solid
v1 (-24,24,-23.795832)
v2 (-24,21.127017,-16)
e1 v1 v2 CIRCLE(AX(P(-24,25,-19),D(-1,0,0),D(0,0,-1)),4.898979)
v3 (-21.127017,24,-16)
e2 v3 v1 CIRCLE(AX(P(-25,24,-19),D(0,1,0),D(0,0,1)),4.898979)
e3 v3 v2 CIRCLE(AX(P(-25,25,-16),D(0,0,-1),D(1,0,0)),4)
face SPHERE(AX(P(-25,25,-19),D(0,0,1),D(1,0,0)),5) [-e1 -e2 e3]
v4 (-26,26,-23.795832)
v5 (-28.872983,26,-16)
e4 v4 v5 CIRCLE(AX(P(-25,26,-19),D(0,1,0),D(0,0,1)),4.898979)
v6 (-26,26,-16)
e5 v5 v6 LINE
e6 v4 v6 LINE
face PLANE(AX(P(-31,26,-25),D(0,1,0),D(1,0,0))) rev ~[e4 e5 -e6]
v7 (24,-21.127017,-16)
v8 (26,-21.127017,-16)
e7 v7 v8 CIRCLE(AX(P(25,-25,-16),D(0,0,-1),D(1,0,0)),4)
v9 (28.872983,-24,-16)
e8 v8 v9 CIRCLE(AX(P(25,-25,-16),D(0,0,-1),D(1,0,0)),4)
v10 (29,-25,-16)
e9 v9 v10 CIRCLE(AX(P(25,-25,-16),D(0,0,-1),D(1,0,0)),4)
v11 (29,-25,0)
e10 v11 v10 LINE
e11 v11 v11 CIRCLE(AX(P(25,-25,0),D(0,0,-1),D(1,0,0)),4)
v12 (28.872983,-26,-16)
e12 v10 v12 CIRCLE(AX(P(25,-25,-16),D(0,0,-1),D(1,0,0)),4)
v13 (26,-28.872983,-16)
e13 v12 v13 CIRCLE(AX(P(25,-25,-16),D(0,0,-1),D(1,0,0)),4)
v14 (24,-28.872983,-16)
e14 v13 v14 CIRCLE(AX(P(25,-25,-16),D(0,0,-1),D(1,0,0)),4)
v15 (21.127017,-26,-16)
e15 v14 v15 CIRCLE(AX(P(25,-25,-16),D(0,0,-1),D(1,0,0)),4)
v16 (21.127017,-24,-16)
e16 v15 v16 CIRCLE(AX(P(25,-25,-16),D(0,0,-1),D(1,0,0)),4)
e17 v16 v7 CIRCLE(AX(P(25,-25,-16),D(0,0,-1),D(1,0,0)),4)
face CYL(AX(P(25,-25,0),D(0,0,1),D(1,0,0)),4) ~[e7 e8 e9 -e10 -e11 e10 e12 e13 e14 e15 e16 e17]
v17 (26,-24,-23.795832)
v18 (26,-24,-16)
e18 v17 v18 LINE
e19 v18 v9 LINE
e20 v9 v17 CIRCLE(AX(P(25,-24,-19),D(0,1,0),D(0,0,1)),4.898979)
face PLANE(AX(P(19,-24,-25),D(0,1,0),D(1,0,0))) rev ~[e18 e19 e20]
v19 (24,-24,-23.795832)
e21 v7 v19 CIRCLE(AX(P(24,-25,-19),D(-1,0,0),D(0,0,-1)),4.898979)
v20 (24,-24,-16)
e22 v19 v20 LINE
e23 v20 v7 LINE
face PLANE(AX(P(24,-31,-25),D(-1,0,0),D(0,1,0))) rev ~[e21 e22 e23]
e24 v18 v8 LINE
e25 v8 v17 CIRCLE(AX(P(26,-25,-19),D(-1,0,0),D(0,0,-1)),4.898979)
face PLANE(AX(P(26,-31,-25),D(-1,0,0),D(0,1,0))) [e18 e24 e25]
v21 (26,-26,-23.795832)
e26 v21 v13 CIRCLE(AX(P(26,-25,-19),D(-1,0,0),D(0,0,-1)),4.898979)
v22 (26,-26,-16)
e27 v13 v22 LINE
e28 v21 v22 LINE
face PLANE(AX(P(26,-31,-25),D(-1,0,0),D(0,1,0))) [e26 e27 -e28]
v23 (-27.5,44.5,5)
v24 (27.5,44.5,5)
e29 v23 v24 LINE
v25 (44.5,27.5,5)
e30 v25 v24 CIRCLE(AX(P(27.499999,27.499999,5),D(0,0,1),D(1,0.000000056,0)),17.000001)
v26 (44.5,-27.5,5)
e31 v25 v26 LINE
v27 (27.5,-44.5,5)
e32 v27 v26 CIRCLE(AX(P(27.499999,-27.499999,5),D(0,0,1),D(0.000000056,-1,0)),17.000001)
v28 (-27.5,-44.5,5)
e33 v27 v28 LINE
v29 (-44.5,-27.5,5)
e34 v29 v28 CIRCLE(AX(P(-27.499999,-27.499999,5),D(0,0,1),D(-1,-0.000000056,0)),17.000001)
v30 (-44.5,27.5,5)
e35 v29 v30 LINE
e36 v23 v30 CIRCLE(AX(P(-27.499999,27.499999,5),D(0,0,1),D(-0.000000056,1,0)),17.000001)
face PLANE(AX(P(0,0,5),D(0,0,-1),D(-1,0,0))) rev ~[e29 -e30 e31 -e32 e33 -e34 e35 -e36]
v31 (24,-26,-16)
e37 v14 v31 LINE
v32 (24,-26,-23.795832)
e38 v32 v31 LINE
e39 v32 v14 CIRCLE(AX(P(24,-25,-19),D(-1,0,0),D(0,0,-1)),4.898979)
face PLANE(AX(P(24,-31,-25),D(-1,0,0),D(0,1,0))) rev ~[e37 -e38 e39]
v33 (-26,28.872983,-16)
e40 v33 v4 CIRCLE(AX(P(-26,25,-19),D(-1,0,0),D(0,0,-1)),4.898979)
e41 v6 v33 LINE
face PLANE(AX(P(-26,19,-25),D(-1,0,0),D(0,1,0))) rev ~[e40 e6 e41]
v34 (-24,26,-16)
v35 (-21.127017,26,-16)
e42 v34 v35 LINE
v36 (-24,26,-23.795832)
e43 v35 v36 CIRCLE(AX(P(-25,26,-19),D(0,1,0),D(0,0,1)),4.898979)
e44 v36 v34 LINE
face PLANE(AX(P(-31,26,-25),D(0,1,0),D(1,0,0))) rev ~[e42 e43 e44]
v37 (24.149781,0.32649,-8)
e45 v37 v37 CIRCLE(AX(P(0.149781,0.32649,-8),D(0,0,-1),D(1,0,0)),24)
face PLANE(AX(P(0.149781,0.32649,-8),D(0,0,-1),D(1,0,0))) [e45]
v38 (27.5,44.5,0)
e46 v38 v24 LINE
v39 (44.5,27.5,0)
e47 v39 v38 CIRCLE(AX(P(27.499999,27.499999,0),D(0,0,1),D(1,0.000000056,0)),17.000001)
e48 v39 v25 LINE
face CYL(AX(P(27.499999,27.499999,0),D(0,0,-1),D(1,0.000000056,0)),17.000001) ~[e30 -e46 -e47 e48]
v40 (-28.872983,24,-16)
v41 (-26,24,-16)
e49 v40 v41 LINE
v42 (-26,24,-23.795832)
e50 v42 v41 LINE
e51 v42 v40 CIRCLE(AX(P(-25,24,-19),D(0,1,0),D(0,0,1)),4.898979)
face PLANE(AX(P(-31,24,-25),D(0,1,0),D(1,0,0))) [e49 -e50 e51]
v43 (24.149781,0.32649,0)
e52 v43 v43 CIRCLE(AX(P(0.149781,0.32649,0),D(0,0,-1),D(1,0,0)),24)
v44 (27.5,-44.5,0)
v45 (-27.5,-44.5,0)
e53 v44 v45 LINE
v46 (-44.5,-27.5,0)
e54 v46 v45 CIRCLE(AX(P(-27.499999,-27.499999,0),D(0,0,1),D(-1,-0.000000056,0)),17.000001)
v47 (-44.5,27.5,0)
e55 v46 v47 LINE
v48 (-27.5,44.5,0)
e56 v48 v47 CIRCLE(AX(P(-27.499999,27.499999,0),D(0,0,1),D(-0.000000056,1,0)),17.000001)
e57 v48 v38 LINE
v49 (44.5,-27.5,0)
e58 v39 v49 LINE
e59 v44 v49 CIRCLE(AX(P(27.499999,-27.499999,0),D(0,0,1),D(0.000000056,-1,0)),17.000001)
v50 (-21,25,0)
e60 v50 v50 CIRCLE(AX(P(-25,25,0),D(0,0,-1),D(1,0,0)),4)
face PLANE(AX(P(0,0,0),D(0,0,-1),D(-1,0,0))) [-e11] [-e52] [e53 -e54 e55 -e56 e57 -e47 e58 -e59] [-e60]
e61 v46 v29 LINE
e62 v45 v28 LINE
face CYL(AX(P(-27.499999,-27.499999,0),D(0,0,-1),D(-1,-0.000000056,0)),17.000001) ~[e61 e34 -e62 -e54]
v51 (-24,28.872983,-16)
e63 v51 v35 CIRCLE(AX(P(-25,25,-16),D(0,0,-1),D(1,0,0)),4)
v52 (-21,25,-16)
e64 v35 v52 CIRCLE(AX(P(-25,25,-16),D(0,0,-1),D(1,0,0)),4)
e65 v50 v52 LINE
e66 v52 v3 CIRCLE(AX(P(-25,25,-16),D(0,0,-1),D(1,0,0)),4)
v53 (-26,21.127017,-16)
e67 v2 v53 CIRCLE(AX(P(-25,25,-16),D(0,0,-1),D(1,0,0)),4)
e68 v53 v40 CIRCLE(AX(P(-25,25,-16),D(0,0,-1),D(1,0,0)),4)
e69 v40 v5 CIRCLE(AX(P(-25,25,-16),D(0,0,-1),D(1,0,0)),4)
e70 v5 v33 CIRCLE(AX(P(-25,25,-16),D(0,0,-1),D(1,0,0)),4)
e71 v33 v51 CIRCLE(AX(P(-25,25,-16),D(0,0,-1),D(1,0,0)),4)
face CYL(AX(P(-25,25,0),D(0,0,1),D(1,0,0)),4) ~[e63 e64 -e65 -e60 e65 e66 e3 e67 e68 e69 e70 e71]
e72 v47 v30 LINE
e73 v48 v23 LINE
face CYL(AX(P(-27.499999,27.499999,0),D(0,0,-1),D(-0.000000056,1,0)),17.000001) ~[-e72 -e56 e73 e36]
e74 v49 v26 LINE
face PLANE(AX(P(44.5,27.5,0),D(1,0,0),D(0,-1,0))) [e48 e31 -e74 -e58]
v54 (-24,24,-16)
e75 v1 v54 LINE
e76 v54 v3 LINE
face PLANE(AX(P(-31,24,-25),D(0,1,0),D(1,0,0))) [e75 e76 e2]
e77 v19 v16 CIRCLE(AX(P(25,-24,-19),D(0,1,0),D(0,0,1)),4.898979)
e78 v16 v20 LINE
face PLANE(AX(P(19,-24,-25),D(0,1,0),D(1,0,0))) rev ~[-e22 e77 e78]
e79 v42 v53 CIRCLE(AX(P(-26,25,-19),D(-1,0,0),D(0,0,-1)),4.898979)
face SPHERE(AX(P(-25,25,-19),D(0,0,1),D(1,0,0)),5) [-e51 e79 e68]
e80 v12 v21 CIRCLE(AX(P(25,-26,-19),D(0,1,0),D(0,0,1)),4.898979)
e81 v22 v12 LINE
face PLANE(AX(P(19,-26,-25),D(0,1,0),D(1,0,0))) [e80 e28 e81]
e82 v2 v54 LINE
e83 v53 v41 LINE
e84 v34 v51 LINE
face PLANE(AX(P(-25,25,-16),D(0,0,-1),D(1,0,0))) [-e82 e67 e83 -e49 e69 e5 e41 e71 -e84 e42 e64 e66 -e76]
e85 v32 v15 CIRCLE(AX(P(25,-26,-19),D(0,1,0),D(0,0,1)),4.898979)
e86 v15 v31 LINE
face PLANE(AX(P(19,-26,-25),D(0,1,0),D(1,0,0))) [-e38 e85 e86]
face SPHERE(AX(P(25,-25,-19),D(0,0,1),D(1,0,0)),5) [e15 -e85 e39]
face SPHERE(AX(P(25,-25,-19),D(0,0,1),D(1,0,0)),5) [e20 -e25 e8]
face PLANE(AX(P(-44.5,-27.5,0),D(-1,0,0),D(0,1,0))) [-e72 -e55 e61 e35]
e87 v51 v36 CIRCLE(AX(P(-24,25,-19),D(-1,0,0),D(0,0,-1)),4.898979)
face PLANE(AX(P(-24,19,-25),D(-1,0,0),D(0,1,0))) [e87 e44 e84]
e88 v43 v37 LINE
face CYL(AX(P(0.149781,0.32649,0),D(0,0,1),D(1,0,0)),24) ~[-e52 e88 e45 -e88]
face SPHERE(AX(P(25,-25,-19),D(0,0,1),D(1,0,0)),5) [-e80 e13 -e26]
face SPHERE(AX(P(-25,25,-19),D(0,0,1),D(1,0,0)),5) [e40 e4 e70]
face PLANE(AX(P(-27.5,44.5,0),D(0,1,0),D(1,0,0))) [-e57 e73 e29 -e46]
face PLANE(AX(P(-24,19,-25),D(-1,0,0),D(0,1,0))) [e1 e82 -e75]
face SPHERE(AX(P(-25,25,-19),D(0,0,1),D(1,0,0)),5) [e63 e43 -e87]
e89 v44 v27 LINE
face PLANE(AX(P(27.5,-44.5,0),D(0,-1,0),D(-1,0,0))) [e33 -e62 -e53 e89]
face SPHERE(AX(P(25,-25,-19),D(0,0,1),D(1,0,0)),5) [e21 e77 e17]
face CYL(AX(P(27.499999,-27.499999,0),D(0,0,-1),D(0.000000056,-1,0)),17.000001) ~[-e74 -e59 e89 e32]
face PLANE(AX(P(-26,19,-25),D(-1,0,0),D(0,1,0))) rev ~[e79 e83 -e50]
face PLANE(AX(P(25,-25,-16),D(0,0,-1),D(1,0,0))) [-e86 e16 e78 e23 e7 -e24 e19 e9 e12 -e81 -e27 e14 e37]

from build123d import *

# Parameters (mm, degrees)
BOX002_W     = 2
BOX002_H     = 12
BOX002_DEPTH = 10
BOX001_W     = 12
BOX001_H     = 2
BOX001_DEPTH = 10
BOX003_W     = 2
BOX003_H     = 12
BOX003_DEPTH = 10
BOX_W        = 12
BOX_H        = 2
BOX_DEPTH    = 10
PAD_DEPTH    = 5
SKETCH001_R  = 24
PAD001_DEPTH = 8
SKETCH002_R  = 4
PAD002_DEPTH = 16


with BuildPart() as cubo002:
    # Box002 → Box002 (new body)
    with BuildSketch(Plane(origin=(-26, 19, -25), x_dir=(1, 0, 0), z_dir=(0, 0, 1))):
        with Locations((1, 6)):
            Rectangle(BOX002_W, BOX002_H)
    extrude(amount=BOX002_DEPTH)


with BuildPart() as fusion:
    # Box001 → Box001 (new body)
    with BuildSketch(Plane(origin=(-31, 24, -25), x_dir=(1, 0, 0), z_dir=(0, 0, 1))):
        with Locations((6, 1)):
            Rectangle(BOX001_W, BOX001_H)
    extrude(amount=BOX001_DEPTH)

    # Fusion: union Cubo002
    add(cubo002.part)


with BuildPart() as cut001:
    # Sphere001 → Sphere001 (revolve)
    with BuildSketch(Plane(origin=(-25, 25, -19), x_dir=(1, 0, 0), z_dir=(0, -1, 0))):
        with BuildLine():
            ThreePointArc((0, -5), (5, 0), (0, 5))
            Line((0, 5), (0, -5))
        make_face()
    revolve(axis=Axis((-25, 25, -19), (0, 0, 1)))

    # Cut001: cut Fusion
    add(fusion.part, mode=Mode.SUBTRACT)


with BuildPart() as cubo003:
    # Box003 → Box003 (new body)
    with BuildSketch(Plane(origin=(24, -31, -25), x_dir=(1, 0, 0), z_dir=(0, 0, 1))):
        with Locations((1, 6)):
            Rectangle(BOX003_W, BOX003_H)
    extrude(amount=BOX003_DEPTH)


with BuildPart() as fusion001:
    # Box → Box (new body)
    with BuildSketch(Plane(origin=(19, -26, -25), x_dir=(1, 0, 0), z_dir=(0, 0, 1))):
        with Locations((6, 1)):
            Rectangle(BOX_W, BOX_H)
    extrude(amount=BOX_DEPTH)

    # Fusion001: union Cubo003
    add(cubo003.part)


with BuildPart() as cut:
    # Sphere → Sphere (revolve)
    with BuildSketch(Plane(origin=(25, -25, -19), x_dir=(1, 0, 0), z_dir=(0, -1, 0))):
        with BuildLine():
            ThreePointArc((0, -5), (5, 0), (0, 5))
            Line((0, 5), (0, -5))
        make_face()
    revolve(axis=Axis((25, -25, -19), (0, 0, 1)))

    # Cut: cut Fusion001
    add(fusion001.part, mode=Mode.SUBTRACT)


with BuildPart() as fusion002:
    # Sketch → Pad (new body)
    with BuildSketch(Plane.XY):
        with BuildLine():
            Line((-27.5, 44.5), (27.5, 44.5))
            ThreePointArc((44.5, 27.5), (39.520815, 39.520815), (27.5, 44.5))
            Line((44.5, 27.5), (44.5, -27.5))
            ThreePointArc((27.5, -44.5), (39.520815, -39.520815), (44.5, -27.5))
            Line((27.5, -44.5), (-27.5, -44.5))
            ThreePointArc((-44.5, -27.5), (-39.520815, -39.520815), (-27.5, -44.5))
            Line((-44.5, -27.5), (-44.5, 27.5))
            ThreePointArc((-27.5, 44.5), (-39.520815, 39.520815), (-44.5, 27.5))
        make_face()
    extrude(amount=PAD_DEPTH)

    # Sketch001 (on Face9 of Pad) → Pad001 (join)
    with BuildSketch(Plane(origin=(0, 0, 0), x_dir=(1, 0, 0), z_dir=(0, 0, -1))):
        with Locations((0.149781, -0.32649)):
            Circle(SKETCH001_R)
    extrude(amount=PAD001_DEPTH)

    # Sketch002 (on Face4 of Pad001) → Pad002 (join)
    with BuildSketch(Plane(origin=(0, 0, 0), x_dir=(1, 0, 0), z_dir=(0, 0, -1))):
        with Locations((25, 25)):
            Circle(SKETCH002_R)
        with Locations((-25, -25)):
            Circle(SKETCH002_R)
    extrude(amount=PAD002_DEPTH)

    # Fusion002: union Cut001, Cut
    add(cut001.part)
    add(cut.part)


solid = fusion002.part
